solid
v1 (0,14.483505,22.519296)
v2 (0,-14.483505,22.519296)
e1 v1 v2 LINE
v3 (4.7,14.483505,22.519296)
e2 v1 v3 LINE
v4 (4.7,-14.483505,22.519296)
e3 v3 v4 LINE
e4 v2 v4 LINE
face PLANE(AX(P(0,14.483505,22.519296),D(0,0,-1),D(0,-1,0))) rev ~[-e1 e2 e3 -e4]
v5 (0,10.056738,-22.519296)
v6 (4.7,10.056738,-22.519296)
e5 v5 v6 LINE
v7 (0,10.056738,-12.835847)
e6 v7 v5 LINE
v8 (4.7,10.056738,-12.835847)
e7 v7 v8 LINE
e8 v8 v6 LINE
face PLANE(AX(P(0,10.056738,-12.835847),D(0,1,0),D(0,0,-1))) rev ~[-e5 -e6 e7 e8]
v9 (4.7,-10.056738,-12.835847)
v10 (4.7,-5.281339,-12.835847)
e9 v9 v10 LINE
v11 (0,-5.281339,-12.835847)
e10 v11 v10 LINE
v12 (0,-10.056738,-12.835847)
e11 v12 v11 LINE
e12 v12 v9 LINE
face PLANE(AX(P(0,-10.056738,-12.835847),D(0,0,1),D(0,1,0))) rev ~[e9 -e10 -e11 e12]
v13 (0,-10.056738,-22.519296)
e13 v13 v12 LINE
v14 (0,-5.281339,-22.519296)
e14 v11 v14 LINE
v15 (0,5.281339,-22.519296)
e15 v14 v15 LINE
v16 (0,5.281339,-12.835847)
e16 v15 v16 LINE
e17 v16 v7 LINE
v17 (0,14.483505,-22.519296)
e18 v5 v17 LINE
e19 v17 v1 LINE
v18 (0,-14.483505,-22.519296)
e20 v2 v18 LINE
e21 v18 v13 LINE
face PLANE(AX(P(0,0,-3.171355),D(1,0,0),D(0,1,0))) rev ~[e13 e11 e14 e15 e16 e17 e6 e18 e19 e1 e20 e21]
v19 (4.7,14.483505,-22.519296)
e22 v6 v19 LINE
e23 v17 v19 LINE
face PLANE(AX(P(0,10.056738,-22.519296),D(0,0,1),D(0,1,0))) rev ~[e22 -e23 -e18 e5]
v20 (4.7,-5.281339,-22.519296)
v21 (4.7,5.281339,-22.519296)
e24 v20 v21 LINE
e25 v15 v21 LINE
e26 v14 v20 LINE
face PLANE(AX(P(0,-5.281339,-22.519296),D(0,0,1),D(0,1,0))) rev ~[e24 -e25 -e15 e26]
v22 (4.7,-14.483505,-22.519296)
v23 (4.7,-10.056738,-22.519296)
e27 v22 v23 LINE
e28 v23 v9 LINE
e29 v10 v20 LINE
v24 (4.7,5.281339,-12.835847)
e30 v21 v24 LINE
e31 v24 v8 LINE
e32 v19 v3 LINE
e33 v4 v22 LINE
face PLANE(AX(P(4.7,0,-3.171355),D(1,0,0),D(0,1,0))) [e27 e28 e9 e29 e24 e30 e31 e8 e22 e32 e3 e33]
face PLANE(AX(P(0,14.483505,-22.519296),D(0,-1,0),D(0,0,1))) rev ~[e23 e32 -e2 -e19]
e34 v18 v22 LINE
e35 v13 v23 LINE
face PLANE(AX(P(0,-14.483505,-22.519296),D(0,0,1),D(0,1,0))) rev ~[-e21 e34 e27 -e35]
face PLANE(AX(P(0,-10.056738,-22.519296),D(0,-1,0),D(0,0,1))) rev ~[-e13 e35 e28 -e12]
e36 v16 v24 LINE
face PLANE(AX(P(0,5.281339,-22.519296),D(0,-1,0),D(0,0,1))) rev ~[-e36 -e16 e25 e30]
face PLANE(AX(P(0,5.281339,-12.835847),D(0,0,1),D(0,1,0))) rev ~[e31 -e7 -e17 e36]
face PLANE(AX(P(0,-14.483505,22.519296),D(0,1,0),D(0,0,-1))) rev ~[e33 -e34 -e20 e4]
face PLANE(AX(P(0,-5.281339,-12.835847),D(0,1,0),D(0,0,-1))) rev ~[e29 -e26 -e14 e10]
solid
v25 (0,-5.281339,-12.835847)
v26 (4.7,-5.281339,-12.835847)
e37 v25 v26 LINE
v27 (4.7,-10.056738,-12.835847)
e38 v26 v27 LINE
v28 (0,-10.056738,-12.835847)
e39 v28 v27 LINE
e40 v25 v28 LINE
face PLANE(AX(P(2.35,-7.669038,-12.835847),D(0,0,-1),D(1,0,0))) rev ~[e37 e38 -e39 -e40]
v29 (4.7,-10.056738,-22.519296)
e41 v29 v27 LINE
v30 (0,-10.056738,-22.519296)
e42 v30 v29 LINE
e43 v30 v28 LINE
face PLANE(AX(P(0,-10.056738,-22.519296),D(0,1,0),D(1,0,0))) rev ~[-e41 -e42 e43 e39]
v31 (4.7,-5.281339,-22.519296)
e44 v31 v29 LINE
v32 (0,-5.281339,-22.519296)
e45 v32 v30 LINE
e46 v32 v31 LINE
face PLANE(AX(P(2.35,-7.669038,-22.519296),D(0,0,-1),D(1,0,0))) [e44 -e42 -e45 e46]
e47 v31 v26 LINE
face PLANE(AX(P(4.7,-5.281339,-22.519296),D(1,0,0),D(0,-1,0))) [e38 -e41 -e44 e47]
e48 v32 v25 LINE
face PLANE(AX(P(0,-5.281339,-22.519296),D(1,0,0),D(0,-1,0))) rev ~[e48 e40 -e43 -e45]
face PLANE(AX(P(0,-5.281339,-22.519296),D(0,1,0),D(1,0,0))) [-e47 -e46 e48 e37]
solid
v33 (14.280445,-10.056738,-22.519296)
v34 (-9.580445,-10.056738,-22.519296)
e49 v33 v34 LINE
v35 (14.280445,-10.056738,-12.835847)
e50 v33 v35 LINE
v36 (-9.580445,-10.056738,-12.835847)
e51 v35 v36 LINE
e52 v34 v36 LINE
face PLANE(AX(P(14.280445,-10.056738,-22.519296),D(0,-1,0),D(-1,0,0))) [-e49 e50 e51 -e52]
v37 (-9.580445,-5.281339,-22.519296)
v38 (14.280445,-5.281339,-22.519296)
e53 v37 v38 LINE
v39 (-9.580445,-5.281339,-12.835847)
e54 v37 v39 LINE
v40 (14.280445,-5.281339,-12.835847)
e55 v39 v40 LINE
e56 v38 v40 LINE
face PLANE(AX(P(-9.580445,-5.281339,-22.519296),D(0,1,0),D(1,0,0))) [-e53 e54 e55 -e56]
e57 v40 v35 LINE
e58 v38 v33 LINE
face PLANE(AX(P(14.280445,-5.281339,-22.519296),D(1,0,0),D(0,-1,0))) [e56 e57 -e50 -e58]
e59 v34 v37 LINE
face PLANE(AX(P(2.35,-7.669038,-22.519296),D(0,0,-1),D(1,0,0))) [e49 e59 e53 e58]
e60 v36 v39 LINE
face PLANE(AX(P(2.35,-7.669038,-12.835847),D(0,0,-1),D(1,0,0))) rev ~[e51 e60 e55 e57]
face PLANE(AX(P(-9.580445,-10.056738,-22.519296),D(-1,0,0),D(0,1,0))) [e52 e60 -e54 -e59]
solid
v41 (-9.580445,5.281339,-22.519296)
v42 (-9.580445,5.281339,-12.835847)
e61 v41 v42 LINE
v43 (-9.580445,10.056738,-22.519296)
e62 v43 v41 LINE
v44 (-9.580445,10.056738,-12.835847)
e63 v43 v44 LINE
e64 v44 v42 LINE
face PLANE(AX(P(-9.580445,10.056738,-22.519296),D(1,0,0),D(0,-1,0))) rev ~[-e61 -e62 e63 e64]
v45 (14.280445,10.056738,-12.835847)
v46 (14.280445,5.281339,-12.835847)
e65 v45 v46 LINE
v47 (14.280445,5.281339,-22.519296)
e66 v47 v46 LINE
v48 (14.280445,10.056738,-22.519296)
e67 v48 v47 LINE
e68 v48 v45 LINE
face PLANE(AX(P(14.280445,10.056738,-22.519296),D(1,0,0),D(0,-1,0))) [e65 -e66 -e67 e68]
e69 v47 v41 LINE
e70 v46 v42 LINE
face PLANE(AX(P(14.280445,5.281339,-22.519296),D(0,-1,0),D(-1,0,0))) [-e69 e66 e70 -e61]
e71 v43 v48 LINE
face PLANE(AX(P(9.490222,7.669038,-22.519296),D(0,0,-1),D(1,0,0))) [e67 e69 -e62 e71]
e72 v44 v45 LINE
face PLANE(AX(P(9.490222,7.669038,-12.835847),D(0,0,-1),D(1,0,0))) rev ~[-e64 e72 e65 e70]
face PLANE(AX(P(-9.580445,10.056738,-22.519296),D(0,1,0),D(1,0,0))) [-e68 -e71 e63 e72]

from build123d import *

# Parameters (mm, degrees)
F1_DEPTH = 4.7
F3_W     = 9.5804445446
F3_H     = 4.7753988765
F3_W_2   = 4.7
F4_DEPTH = 9.6834488213
F2_W     = 4.7
F2_H     = 4.7753988765


with BuildPart() as f1:
    # F0 (on Right) → F1 (new body)
    with BuildSketch(Plane.YZ):
        Polygon((10.0567378104, -22.5192960352), (14.4835049286, -22.5192960352), (14.4835049286, 22.5192960352), (-14.4835049286, 22.5192960352), (-14.4835049286, -22.5192960352), (-10.0567378104, -22.5192960352), (-10.0567378104, -12.8358472139), (-5.2813389339, -12.8358472139), (-5.2813389339, -22.5192960352), (5.2813389339, -22.5192960352), (5.2813389339, -12.8358472139), (10.0567378104, -12.8358472139), align=None)
    extrude(amount=F1_DEPTH)


with BuildPart() as f4:
    # F3 (on face) → F4 (new body, through all)
    with BuildSketch(Plane(origin=(0, 0, -22.5192960352), x_dir=(1, 0, 0), z_dir=(0, 0, -1))):
        with Locations((9.4902222723, -7.6690383721)):
            Rectangle(F3_W, F3_H)
        with Locations((2.35, -7.6690383721)):
            Rectangle(F3_W_2, F3_H)
        with Locations((-4.7902222723, -7.6690383721)):
            Rectangle(F3_W, F3_H)
    extrude(amount=-F4_DEPTH)


with BuildPart() as f4b:
    # F3 (on face) → F4, piece 2 (new body, through all)
    with BuildSketch(Plane(origin=(0, 0, -22.5192960352), x_dir=(1, 0, 0), z_dir=(0, 0, -1))):
        Polygon((-9.5804445446, 5.2813389339), (0, 5.2813389339), (4.7, 5.2813389339), (14.2804445446, 5.2813389339), (14.2804445446, 10.0567378104), (-9.5804445446, 10.0567378104), align=None)
    extrude(amount=-F4_DEPTH)


with BuildPart() as f4c:
    # F2 (on face) → F4, piece 3 (new body, through all)
    with BuildSketch(Plane(origin=(0, 0, -22.5192960352), x_dir=(1, 0, 0), z_dir=(0, 0, -1))):
        with Locations((2.35, 7.6690383721)):
            Rectangle(F2_W, F2_H)
    extrude(amount=-F4_DEPTH)


solid = Compound([f1.part, f4.part, f4b.part, f4c.part])
